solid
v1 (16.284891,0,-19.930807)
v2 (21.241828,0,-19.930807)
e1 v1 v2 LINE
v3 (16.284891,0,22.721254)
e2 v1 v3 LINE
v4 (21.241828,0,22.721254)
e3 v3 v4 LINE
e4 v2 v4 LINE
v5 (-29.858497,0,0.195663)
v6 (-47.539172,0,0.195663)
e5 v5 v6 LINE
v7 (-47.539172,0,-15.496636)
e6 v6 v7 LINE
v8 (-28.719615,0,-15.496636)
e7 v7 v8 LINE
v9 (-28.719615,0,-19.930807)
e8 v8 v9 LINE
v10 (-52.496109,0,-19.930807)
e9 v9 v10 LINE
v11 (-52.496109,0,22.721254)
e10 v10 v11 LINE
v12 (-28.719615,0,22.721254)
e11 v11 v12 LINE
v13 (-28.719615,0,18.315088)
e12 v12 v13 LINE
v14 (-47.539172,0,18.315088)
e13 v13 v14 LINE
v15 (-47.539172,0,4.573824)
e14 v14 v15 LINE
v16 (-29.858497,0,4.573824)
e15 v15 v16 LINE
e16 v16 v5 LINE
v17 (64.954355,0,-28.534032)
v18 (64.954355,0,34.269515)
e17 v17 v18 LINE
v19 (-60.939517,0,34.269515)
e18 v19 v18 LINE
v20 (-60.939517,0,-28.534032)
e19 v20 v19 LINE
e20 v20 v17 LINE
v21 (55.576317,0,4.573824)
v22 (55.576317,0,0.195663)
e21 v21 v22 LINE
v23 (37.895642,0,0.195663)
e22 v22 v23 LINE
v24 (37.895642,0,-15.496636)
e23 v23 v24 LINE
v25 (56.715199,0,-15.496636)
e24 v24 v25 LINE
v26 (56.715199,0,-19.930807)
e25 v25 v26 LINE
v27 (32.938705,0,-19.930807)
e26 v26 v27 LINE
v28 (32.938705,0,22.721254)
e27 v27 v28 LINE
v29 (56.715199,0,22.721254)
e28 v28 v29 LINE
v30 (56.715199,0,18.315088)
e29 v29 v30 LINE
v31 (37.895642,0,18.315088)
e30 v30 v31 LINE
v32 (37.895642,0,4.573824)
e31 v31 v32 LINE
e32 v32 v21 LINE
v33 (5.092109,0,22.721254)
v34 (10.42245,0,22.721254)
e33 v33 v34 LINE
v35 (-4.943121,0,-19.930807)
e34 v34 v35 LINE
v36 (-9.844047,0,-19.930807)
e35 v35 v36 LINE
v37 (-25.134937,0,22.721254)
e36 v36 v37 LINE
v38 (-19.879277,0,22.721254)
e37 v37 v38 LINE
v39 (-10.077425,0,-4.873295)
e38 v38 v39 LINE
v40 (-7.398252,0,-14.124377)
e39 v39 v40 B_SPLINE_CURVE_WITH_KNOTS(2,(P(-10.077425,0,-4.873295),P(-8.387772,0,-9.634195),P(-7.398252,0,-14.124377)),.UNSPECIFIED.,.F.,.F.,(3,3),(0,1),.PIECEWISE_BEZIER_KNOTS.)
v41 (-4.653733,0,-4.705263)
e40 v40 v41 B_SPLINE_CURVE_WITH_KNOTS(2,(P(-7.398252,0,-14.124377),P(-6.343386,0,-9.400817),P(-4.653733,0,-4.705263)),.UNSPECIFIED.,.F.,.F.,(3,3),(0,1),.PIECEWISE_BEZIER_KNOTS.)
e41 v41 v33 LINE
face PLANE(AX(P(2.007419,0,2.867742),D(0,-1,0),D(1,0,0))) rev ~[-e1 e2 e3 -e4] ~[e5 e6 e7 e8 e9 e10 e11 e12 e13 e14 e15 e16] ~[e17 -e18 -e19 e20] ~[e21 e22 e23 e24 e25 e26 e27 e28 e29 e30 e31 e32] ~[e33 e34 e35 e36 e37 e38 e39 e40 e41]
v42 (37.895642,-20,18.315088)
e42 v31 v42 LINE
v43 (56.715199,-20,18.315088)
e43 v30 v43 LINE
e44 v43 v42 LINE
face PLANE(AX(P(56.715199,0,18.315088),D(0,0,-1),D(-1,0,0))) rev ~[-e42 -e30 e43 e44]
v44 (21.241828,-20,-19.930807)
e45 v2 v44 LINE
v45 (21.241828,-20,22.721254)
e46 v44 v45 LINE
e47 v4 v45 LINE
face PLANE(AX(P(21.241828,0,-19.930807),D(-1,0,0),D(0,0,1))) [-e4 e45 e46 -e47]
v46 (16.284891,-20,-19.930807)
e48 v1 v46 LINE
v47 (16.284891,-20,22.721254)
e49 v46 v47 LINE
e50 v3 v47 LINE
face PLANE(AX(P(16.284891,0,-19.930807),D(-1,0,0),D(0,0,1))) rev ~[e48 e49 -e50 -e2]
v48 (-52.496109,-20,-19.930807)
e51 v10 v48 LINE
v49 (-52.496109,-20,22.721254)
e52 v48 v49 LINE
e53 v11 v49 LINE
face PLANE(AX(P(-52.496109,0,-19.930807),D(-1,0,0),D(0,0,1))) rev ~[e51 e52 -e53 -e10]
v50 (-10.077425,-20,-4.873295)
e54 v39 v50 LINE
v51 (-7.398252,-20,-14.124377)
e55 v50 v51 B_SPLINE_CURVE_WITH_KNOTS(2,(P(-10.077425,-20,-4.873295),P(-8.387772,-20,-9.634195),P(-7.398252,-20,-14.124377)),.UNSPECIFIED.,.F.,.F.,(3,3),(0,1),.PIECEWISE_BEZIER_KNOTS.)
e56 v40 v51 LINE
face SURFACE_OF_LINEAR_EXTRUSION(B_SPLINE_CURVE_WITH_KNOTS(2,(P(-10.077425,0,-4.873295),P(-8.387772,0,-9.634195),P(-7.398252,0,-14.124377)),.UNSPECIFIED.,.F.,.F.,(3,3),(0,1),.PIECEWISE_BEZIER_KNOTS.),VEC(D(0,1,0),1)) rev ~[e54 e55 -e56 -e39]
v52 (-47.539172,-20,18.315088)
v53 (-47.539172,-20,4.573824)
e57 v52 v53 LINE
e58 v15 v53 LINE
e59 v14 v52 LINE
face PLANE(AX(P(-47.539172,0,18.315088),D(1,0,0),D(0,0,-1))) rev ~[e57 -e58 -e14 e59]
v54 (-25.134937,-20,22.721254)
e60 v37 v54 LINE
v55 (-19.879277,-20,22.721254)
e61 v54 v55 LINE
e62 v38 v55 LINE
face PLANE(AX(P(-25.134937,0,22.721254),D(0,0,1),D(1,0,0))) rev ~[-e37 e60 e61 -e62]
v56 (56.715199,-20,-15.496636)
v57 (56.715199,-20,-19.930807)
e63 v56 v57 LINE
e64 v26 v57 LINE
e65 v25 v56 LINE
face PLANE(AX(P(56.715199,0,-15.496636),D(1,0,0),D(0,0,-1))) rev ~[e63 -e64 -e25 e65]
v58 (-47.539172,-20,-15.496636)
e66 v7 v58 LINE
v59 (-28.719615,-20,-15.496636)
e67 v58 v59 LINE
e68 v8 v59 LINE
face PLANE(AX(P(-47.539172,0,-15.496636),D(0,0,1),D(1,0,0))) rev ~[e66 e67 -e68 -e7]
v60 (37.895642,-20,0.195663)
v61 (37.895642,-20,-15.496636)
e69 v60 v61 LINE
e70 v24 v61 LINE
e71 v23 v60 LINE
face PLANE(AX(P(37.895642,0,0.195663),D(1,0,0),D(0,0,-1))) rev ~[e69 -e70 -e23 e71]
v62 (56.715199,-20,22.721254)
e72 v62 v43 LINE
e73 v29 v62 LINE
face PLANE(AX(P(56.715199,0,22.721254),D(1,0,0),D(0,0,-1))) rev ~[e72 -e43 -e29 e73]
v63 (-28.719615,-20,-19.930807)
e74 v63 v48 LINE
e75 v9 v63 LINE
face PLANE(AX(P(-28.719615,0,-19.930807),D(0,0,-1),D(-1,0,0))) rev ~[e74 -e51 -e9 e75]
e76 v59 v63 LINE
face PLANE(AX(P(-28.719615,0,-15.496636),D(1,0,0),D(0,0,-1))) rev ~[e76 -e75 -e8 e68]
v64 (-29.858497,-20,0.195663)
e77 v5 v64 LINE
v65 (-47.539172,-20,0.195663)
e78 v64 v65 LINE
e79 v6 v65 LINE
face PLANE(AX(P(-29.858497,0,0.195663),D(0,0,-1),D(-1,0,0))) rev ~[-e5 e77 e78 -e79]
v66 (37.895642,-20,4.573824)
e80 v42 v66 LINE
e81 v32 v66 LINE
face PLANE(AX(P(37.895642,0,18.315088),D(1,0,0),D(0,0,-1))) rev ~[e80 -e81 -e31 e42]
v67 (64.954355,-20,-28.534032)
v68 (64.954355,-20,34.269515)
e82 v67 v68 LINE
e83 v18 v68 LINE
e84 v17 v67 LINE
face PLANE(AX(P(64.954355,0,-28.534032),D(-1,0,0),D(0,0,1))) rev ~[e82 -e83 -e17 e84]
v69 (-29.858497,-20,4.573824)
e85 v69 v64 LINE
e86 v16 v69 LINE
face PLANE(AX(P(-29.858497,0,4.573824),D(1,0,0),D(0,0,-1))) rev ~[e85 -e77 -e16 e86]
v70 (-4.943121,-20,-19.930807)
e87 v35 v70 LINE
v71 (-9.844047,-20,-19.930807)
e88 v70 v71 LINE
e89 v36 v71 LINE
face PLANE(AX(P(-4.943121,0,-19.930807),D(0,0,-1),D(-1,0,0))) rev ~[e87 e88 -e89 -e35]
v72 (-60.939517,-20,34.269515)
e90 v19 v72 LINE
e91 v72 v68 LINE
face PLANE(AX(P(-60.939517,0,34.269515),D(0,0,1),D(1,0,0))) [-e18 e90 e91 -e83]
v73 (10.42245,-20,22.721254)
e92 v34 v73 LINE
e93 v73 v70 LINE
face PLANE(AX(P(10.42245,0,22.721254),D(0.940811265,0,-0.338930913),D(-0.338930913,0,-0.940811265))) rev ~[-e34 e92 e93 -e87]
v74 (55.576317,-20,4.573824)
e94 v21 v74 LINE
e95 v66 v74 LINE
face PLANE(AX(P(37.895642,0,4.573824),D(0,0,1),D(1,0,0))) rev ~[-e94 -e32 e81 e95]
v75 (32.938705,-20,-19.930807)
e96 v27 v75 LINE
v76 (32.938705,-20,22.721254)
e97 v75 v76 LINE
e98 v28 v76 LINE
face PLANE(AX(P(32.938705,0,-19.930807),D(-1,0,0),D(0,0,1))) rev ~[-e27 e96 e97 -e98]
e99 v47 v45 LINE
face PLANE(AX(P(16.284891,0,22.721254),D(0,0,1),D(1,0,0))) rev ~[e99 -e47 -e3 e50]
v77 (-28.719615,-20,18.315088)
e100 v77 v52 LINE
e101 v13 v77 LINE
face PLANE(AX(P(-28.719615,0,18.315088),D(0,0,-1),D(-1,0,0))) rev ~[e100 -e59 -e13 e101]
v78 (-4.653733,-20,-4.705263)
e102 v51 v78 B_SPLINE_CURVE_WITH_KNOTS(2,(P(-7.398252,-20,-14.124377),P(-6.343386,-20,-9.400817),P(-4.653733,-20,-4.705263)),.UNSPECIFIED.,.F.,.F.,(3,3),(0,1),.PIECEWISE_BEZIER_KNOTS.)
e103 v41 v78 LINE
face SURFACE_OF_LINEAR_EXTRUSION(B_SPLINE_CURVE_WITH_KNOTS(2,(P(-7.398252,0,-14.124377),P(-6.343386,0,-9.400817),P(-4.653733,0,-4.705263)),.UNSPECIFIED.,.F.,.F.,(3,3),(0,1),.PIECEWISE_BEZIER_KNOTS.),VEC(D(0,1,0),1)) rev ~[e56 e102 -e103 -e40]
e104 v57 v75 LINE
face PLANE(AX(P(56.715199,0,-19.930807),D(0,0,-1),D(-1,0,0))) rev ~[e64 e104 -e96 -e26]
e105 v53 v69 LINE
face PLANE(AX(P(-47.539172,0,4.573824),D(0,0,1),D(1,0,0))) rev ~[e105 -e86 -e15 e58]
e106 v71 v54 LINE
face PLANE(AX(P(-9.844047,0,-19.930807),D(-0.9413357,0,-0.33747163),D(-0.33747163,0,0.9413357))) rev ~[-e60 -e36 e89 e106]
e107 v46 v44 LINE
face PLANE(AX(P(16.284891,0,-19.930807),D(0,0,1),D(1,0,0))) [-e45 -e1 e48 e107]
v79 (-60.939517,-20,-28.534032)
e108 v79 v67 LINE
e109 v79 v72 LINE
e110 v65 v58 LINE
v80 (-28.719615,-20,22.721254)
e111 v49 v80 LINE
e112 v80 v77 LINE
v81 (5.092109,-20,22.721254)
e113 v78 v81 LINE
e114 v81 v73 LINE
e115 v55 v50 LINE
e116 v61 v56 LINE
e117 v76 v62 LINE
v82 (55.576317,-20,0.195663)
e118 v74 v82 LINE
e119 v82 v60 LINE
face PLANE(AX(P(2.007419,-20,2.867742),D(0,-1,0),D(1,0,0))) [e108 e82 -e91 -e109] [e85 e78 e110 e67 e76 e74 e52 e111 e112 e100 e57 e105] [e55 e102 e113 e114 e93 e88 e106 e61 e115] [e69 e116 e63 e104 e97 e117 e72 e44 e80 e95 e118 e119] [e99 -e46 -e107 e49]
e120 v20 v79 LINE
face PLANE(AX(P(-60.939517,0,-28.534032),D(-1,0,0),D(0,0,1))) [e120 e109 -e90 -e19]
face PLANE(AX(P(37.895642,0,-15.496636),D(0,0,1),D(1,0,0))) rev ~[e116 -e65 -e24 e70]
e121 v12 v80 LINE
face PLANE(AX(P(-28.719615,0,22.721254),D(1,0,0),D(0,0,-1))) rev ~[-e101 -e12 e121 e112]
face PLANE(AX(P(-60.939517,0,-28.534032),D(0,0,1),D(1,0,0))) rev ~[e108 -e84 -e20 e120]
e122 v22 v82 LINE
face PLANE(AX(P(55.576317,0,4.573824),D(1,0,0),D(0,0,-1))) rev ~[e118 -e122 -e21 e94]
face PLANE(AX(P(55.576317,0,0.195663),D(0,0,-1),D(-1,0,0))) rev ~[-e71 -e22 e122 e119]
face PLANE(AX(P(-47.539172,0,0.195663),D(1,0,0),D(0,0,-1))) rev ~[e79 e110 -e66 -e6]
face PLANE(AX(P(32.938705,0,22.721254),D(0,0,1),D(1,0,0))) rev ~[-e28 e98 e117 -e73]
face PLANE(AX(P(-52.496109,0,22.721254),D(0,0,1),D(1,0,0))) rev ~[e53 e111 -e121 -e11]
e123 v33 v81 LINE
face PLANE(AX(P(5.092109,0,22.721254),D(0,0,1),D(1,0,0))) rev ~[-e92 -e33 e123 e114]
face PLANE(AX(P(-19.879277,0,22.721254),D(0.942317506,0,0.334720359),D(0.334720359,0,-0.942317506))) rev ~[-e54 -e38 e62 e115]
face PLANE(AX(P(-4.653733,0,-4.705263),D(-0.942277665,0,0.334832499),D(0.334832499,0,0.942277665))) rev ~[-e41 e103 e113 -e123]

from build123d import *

# Parameters (mm, degrees)
F0_W     = 125.8938722312
F0_H     = 62.8035478294
F0_W_2   = 4.9569368675
F0_H_2   = 42.6520612952
F1_DEPTH = 20


with BuildPart() as f1:
    # F0 (on Front) → F1 (new body)
    with BuildSketch(Plane.XZ):
        with Locations((2.0074192435, 2.8677415103)):
            Rectangle(F0_W, F0_H)
        Polygon((-28.719614941, -15.4966360104), (-28.719614941, -19.9308074079), (-52.4961087293, -19.9308074079), (-52.4961087293, 22.7212538872), (-28.719614941, 22.7212538872), (-28.719614941, 18.3150877828), (-47.5391718618, 18.3150877828), (-47.5391718618, 4.5738239993), (-29.8584968578, 4.5738239993), (-29.8584968578, 0.1956631879), (-47.5391718618, 0.1956631879), (-47.5391718618, -15.4966360104), align=None, mode=Mode.SUBTRACT)
        with BuildLine():
            Line((-4.6537331246, -4.7052630936), (5.0921088522, 22.7212538872))
            Line((5.0921088522, 22.7212538872), (10.4224496269, 22.7212538872))
            Line((10.4224496269, 22.7212538872), (-4.9431211527, -19.9308074079))
            Line((-4.9431211527, -19.9308074079), (-9.8440474341, -19.9308074079))
            Line((-9.8440474341, -19.9308074079), (-25.1349374323, 22.7212538872))
            Line((-25.1349374323, 22.7212538872), (-19.879277439, 22.7212538872))
            Line((-19.879277439, 22.7212538872), (-10.0774248761, -4.8732948518))
            add(Edge.make_bspline(
                [(-10.0774248761, -4.8732948518), (-8.3877721962, -9.634194668), (-7.3982518423, -14.1243766516)],
                knots=[0, 0, 0, 1, 1, 1], degree=2))
            add(Edge.make_bspline(
                [(-7.3982518423, -14.1243766516), (-6.3433858045, -9.4008172261), (-4.6537331246, -4.7052630936)],
                knots=[0, 0, 0, 1, 1, 1], degree=2))
        make_face(mode=Mode.SUBTRACT)
        with Locations((18.763359403, 1.3952232396)):
            Rectangle(F0_W_2, F0_H_2, mode=Mode.SUBTRACT)
        Polygon((56.7151990169, -15.4966360104), (56.7151990169, -19.9308074079), (32.9387052285, -19.9308074079), (32.9387052285, 22.7212538872), (56.7151990169, 22.7212538872), (56.7151990169, 18.3150877828), (37.8956420961, 18.3150877828), (37.8956420961, 4.5738239993), (55.5763171, 4.5738239993), (55.5763171, 0.1956631879), (37.8956420961, 0.1956631879), (37.8956420961, -15.4966360104), align=None, mode=Mode.SUBTRACT)
    extrude(amount=F1_DEPTH)


solid = f1.part
